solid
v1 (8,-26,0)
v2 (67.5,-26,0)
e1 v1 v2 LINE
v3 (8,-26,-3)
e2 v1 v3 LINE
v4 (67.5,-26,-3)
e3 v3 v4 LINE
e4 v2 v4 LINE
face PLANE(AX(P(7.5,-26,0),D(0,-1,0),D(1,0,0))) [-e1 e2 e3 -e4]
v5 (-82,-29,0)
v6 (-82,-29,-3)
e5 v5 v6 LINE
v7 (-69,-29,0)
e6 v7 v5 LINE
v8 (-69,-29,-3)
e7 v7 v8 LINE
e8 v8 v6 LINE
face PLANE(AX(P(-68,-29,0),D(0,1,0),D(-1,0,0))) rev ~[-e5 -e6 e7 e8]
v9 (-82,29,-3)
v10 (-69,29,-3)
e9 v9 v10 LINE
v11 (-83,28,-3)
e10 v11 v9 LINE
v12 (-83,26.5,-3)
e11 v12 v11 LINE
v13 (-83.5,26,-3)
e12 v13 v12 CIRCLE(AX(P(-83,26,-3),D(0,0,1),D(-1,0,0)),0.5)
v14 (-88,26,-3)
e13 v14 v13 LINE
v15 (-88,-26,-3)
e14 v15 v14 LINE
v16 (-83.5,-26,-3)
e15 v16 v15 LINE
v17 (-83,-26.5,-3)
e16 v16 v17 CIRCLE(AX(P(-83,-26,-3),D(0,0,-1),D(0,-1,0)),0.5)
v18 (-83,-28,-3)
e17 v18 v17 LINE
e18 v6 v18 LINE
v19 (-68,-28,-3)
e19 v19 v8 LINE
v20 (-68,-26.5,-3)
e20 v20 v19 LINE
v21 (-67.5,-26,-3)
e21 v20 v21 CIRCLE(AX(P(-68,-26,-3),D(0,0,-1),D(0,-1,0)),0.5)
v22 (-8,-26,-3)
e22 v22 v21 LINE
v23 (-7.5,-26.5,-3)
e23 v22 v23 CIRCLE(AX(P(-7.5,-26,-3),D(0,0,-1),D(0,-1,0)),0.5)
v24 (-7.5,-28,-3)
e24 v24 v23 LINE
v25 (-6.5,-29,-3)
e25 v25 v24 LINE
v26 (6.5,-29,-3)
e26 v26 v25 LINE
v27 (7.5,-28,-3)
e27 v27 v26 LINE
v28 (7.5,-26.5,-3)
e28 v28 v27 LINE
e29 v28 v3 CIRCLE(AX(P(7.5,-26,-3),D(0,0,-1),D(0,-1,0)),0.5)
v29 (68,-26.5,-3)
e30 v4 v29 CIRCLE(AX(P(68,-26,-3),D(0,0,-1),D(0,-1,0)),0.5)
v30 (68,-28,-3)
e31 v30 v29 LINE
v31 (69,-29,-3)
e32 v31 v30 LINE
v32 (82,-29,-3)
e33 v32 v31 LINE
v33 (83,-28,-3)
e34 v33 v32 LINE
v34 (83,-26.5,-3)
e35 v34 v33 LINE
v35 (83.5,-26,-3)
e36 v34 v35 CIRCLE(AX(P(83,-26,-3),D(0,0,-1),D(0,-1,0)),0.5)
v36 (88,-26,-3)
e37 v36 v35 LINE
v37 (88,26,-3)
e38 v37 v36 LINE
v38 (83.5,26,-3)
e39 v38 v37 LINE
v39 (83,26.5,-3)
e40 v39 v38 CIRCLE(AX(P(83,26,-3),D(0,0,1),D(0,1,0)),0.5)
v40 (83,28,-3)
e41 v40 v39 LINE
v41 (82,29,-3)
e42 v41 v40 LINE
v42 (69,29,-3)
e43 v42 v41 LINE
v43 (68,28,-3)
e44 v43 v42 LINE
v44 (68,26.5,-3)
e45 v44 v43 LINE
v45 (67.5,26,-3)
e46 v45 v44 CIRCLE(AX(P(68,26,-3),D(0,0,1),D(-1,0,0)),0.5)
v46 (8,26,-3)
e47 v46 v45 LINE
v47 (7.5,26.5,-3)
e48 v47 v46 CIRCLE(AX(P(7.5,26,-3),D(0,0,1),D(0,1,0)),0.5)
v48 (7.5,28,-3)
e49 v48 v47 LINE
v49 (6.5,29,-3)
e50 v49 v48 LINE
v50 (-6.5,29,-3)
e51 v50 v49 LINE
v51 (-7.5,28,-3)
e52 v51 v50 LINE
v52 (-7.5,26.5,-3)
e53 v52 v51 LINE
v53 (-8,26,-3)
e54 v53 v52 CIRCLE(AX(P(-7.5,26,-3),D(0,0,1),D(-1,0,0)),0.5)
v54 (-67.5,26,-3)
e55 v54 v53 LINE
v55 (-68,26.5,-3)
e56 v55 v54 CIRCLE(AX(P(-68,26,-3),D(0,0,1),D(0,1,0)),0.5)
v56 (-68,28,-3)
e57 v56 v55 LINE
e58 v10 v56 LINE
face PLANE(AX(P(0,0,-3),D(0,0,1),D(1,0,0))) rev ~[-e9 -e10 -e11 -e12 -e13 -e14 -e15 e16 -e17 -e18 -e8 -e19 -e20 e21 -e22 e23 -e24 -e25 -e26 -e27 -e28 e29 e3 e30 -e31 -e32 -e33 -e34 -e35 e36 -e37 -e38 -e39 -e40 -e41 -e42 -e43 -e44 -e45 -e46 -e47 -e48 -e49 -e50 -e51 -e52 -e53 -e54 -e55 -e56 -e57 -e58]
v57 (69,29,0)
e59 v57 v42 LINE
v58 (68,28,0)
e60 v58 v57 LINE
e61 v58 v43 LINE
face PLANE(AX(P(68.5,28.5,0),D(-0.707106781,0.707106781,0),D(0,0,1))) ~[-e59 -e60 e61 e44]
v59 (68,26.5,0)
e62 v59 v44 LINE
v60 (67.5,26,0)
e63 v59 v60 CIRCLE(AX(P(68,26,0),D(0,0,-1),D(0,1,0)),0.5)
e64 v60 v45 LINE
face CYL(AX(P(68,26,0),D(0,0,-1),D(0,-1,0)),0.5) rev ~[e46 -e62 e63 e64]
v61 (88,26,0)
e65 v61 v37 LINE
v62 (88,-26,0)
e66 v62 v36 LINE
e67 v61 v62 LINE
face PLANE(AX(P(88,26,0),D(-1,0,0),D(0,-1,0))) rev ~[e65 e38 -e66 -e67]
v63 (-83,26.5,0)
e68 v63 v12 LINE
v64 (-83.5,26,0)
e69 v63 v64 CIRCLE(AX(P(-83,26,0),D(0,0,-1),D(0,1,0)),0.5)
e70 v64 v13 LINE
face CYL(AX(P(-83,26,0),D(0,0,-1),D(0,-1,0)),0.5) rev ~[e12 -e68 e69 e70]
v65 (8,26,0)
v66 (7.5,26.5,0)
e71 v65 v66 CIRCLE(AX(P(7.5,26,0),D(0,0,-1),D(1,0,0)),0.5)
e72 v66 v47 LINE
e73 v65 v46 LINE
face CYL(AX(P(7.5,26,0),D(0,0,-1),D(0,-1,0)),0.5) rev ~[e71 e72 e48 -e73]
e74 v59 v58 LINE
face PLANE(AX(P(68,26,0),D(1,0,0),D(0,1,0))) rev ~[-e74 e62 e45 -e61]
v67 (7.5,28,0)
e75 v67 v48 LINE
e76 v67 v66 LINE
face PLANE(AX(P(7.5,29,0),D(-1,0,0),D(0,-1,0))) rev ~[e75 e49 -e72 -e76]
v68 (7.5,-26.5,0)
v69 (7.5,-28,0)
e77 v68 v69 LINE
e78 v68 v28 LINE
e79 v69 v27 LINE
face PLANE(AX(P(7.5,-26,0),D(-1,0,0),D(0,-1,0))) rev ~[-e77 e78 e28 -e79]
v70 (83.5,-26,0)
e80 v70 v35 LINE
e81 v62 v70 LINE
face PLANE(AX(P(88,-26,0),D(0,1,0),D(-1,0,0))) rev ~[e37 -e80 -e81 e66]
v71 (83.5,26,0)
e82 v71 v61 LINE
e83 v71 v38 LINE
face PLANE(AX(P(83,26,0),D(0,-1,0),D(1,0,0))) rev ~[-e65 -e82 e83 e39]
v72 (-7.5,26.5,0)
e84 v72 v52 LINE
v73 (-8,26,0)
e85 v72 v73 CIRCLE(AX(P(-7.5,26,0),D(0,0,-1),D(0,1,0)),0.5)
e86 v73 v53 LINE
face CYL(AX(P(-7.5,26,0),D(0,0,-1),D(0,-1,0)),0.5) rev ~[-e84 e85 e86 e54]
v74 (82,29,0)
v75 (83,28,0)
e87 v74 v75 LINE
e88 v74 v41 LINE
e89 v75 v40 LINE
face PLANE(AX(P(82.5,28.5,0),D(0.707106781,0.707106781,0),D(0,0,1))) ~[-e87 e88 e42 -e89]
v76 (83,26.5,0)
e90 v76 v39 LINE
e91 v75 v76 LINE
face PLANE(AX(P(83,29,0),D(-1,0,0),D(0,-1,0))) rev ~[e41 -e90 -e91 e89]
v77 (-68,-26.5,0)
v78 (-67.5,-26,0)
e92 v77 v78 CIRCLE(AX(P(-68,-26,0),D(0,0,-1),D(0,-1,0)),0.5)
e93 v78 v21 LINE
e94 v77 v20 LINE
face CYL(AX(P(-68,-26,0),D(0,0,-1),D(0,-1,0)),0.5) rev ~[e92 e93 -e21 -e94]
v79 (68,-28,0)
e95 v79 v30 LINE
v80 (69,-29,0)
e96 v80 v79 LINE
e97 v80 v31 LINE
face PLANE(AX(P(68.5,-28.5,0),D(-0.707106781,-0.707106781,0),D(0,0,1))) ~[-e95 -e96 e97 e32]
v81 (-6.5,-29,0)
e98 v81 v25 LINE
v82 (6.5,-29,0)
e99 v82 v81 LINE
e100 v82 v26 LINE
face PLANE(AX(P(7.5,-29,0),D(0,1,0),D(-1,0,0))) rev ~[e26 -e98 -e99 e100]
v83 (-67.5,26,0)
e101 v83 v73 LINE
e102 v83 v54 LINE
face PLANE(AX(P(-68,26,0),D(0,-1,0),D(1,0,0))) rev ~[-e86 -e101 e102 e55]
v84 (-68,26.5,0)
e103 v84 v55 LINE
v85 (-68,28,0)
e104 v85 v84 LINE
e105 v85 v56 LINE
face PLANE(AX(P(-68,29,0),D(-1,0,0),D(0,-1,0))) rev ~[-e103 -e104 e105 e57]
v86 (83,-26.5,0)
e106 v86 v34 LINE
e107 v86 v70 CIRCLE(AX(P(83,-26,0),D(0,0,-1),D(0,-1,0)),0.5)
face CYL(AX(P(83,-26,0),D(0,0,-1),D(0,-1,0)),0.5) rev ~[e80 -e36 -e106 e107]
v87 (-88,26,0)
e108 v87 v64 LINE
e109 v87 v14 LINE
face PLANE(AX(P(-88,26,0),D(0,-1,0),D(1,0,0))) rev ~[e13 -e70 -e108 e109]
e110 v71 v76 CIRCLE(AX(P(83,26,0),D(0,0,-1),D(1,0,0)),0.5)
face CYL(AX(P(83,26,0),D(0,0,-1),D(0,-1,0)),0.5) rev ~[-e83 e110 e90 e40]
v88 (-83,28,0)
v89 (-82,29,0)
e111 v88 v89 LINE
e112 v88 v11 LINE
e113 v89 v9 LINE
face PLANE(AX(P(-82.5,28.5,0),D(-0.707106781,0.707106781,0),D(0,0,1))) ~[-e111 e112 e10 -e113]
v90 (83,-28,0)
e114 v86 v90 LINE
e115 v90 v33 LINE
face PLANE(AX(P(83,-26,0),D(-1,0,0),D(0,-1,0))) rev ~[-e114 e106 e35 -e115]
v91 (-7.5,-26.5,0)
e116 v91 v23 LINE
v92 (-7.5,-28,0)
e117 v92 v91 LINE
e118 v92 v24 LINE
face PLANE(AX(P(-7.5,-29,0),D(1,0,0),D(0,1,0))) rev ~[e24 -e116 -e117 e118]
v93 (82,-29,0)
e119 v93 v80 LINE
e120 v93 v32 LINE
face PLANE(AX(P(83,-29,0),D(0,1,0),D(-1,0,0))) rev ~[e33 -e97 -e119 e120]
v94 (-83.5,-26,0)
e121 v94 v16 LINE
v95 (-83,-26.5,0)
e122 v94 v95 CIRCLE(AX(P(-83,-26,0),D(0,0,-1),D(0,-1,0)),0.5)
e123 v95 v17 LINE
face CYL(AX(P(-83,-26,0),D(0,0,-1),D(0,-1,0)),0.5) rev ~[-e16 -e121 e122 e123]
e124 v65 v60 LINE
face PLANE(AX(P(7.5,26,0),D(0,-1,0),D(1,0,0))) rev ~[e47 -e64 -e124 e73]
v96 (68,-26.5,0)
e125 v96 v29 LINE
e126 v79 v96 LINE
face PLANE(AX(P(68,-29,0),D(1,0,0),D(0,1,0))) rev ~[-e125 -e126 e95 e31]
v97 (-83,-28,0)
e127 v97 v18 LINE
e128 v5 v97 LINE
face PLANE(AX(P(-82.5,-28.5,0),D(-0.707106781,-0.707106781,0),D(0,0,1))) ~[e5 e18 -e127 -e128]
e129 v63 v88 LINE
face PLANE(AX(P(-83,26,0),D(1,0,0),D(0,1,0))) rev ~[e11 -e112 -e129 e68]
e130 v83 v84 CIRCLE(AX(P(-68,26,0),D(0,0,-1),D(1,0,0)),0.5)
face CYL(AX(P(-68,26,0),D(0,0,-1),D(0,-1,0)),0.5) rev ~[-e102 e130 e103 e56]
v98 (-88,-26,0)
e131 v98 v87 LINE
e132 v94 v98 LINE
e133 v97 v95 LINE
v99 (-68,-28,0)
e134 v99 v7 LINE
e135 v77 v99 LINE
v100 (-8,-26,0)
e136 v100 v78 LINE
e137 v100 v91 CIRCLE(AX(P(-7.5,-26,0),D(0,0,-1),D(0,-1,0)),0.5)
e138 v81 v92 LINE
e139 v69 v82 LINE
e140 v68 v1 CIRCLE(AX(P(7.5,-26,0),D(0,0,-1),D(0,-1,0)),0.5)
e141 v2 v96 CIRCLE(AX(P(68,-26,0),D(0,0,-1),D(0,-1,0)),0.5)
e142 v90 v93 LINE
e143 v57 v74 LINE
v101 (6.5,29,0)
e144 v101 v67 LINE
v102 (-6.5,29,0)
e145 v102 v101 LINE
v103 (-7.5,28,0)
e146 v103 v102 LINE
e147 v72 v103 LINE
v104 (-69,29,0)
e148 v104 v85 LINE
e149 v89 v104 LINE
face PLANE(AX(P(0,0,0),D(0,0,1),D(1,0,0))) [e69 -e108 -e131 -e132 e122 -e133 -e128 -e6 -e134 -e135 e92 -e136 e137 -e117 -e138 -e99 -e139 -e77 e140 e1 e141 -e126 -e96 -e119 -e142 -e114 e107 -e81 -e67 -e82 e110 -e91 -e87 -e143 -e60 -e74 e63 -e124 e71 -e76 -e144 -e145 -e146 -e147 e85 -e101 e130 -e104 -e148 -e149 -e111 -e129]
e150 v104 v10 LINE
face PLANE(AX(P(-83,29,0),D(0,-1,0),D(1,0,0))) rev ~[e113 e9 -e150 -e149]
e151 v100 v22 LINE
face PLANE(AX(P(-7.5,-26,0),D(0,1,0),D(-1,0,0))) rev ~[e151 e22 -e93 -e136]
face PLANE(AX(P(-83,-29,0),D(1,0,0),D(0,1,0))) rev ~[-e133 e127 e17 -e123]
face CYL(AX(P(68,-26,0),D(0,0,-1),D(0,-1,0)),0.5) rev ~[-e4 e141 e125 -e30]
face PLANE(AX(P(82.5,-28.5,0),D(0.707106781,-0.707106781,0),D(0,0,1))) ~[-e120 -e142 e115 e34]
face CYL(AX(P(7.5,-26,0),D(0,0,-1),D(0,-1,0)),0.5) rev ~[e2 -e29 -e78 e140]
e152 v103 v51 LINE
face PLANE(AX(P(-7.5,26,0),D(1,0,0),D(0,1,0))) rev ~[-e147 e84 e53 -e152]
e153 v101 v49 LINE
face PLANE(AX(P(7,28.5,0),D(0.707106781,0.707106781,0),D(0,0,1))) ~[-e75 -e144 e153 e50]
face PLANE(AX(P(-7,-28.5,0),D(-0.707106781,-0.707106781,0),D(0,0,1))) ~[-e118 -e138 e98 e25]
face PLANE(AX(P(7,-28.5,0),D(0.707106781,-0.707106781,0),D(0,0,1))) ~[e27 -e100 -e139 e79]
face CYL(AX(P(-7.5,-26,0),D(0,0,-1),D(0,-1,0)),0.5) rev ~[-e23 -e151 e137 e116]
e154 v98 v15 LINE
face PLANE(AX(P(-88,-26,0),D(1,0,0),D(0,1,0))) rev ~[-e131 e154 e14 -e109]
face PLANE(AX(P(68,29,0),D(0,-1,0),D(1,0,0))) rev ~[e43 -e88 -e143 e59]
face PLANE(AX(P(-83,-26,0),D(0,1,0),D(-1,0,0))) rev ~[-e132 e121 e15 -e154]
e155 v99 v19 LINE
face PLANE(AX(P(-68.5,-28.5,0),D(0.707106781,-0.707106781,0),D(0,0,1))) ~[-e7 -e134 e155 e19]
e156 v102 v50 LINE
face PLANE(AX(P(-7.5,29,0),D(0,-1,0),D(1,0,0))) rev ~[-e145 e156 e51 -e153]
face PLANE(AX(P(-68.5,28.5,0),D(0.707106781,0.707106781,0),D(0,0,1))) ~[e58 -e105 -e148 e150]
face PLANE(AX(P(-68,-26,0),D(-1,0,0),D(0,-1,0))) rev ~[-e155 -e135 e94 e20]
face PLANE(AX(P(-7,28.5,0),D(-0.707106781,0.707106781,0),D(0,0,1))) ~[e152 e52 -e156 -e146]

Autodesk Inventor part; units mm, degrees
ref_plane "Plan YZ" through (0, 0, 0) normal (1, 0, 0) x (0, 1, 0)
ref_plane "Plan XZ" through (0, 0, 0) normal (0, 1, 0) x (-1, 0, 0)
ref_plane "Plan XY" through (0, 0, 0) normal (0, 0, 1) x (1, 0, 0)
sketch "Esquisse7" plane through (0, 0, 0) normal (0, 0, 1) x (1, 0, 0)
  line L0 (-88, -26) -> (-88, 26)
  line L1 (-88, 26) -> (-83, 26)
  line L2 (-83, 26) -> (-83, 29)
  line L3 (-83, 29) -> (-68, 29)
  line L4 (-68, 29) -> (-68, 26)
  line L5 (-68, 26) -> (-7.5, 26)
  line L6 (-7.5, 26) -> (-7.5, 29)
  line L7 (-7.5, 29) -> (7.5, 29)
  line L8 (7.5, 29) -> (7.5, 26)
  line L9 (7.5, 26) -> (68, 26)
  line L10 (68, 26) -> (68, 29)
  line L11 (68, 29) -> (83, 29)
  line L12 (83, 29) -> (83, 26)
  line L13 (83, 26) -> (88, 26)
  line L14 (88, 26) -> (88, -26)
  line L15 (88, -26) -> (83, -26)
  line L16 (83, -26) -> (83, -29)
  line L17 (83, -29) -> (68, -29)
  line L18 (68, -29) -> (68, -26)
  line L19 (7.5, -26) -> (7.5, -29)
  line L20 (7.5, -26) -> (68, -26)
  line L21 (7.5, -29) -> (-7.5, -29)
  line L22 (-7.5, -29) -> (-7.5, -26)
  line L23 (-7.5, -26) -> (-68, -26)
  line L24 (-68, -26) -> (-68, -29)
  line L25 (-68, -29) -> (-83, -29)
  line L26 (-83, -29) -> (-83, -26)
  line L27 (-83, -26) -> (-88, -26)
  line L28 (0, -40.6) -> (0, 40.6) construction
  line L29 (-123.2, 0) -> (123.2, 0) construction
  dimension "d33" = 52
  dimension "d34" = 15
  dimension "d35" = 3
  dimension "d36" = 5
  dimension "d65" = 176
extrude "Extrusion2" add sketch "Esquisse7" against normal blind 3
sketch "Esquisse8" plane through (0, 0, 0) normal (0, 0, 1) x (1, 0, 0)
  point P0 (0, 0)
  point P1 (7.5, 26)
  point P2 (-7.5, 26)
  point P3 (-83, 26)
  point P4 (-68, 26)
  point P5 (-83, -26)
  point P6 (-68, -26)
  point P7 (-7.5, -26)
  point P8 (7.5, -26)
  point P9 (68, -26)
  point P10 (83, -26)
  point P11 (68, 26)
  point P12 (83, 26)
  point P13 (83, 26)
  point P14 (68, -26)
  point P15 (83, 26)
hole "Perçage2" at (7.5, 26, 0) at (-7.5, 26, 0) at (-83, 26, 0) at (-68, 26, 0) at (-83, -26, 0) at (-68, -26, 0) at (-7.5, -26, 0) at (7.5, -26, 0) at (68, -26, 0) at (83, -26, 0) at (68, 26, 0) at (83, 26, 0) direction (0, 0, -1) diameter 1 end through all
chamfer "Chanfrein3" distance 1 angle 45 12 edges at (-83, -29, -1.5) (-68, -29, -1.5) (-83, 29, -1.5) (-68, 29, -1.5) (-7.5, 29, -1.5) (7.5, 29, -1.5) (68, 29, -1.5) (83, 29, -1.5) (68, -29, -1.5) (83, -29, -1.5) (-7.5, -29, -1.5) (7.5, -29, -1.5)
properties part number "P1704_102" material "Plastique PMMA"
